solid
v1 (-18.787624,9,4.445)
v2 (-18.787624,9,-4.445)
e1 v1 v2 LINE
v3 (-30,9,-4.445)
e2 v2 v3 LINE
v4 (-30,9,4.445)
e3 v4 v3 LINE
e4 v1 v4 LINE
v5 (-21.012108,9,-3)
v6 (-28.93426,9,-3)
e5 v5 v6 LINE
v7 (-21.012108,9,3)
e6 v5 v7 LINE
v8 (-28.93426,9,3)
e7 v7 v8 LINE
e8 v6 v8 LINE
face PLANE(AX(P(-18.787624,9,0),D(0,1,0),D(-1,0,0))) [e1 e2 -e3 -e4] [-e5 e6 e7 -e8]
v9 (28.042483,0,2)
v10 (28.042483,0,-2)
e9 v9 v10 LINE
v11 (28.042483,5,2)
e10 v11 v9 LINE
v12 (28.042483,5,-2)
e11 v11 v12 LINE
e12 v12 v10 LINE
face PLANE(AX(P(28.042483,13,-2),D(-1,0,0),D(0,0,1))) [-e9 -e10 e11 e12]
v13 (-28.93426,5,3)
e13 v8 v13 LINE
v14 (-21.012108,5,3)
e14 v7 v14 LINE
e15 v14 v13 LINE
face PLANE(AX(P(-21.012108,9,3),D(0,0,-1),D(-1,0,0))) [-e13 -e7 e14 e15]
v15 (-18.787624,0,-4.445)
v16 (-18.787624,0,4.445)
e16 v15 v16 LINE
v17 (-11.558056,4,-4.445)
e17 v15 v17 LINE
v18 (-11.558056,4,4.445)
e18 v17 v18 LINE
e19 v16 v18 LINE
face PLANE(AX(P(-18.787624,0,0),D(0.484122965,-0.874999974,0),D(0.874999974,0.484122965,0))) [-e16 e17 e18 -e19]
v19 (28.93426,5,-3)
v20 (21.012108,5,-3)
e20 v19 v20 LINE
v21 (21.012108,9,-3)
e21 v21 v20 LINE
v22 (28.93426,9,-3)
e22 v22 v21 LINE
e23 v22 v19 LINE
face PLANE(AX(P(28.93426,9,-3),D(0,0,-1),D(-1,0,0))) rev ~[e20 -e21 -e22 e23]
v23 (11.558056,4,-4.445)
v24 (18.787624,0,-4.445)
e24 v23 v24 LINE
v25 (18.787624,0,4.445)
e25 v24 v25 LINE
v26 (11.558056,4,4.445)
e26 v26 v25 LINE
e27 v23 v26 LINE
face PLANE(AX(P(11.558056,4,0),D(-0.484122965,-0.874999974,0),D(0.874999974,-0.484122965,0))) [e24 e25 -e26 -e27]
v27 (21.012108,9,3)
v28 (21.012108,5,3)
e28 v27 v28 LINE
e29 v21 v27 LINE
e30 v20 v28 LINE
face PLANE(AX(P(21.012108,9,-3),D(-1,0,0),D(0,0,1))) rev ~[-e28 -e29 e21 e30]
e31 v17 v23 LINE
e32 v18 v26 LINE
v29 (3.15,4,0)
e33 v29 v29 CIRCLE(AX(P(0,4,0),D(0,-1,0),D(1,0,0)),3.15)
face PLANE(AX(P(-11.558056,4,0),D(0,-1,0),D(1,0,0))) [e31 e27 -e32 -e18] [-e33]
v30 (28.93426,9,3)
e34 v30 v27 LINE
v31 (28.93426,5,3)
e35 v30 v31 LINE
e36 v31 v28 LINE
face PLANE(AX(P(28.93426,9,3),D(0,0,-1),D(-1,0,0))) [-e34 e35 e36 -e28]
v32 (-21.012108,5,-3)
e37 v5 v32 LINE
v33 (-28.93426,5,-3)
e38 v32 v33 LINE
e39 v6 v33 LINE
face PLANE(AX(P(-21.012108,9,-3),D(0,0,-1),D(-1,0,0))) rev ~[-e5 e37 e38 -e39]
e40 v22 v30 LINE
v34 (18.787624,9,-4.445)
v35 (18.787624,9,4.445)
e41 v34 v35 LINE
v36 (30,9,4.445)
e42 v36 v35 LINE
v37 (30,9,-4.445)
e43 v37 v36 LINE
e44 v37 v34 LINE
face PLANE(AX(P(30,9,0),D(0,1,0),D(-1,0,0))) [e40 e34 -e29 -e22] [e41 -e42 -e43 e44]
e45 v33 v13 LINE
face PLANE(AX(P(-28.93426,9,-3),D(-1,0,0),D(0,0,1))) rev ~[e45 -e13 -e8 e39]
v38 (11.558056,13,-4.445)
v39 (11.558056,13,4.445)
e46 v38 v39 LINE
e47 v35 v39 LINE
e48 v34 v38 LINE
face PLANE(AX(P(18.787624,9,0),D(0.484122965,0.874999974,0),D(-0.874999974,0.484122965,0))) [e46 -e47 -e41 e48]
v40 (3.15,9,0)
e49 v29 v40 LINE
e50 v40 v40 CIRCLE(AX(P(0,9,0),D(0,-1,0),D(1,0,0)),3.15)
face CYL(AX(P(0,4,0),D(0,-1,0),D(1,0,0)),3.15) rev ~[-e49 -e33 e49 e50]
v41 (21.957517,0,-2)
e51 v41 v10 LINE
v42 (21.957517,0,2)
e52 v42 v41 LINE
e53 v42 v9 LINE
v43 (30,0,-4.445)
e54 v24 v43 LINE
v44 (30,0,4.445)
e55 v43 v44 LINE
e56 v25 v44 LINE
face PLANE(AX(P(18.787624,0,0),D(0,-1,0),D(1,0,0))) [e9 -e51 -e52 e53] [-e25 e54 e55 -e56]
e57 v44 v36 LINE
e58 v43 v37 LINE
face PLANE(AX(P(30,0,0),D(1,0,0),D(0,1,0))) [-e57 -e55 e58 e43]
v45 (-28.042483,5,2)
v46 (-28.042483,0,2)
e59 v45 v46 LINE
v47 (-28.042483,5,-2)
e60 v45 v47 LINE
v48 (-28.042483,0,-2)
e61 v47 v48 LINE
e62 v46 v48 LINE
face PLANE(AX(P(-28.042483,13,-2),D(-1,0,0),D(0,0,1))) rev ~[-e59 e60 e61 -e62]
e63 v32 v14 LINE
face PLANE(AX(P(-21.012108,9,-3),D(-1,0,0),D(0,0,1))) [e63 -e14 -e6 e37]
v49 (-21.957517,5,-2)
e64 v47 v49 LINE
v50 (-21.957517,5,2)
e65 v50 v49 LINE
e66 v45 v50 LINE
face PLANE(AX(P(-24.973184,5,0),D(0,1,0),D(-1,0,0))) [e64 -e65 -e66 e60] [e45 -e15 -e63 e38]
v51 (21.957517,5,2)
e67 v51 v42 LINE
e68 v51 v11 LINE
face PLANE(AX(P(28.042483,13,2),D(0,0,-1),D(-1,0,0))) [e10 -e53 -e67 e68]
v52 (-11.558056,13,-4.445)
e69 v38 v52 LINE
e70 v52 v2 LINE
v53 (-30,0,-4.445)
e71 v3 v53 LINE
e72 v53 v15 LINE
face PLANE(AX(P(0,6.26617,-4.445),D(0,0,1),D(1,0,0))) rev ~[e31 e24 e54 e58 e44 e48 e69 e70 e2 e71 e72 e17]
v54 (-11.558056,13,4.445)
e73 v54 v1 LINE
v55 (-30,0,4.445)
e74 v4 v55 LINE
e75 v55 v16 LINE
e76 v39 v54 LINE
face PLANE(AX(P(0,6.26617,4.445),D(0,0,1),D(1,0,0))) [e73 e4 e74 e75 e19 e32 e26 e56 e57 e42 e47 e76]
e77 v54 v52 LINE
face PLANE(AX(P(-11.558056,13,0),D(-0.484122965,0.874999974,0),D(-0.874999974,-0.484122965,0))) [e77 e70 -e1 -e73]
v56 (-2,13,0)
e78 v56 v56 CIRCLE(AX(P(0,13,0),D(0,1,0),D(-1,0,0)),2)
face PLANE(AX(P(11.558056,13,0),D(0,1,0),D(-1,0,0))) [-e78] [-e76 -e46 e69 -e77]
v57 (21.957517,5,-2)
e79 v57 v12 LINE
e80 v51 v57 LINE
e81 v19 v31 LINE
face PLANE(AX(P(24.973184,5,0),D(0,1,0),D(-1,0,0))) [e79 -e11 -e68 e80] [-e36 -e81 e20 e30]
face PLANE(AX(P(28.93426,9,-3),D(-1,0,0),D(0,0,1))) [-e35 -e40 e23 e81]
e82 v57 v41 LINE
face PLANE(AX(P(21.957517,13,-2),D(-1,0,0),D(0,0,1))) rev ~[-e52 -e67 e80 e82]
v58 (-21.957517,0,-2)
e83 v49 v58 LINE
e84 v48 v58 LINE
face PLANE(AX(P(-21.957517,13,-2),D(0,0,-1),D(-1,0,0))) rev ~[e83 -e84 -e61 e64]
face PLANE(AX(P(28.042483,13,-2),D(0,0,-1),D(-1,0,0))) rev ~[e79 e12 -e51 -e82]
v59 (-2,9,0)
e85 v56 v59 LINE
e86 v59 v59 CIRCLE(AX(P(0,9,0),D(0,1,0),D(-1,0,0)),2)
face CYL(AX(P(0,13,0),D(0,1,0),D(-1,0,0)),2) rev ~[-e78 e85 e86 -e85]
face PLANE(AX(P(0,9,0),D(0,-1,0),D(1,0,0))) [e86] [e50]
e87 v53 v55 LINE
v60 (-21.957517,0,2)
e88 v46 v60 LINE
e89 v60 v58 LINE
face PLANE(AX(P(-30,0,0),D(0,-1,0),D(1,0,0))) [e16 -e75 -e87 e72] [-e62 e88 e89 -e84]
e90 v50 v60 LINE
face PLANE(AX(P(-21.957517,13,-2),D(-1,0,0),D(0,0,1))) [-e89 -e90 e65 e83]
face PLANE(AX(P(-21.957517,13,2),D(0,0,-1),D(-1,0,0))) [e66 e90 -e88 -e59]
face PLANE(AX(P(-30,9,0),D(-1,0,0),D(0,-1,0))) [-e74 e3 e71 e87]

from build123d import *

# Parameters (mm, degrees)
F1_DEPTH = 4.445
F2_R     = 2
F2_W     = 6.084966
F2_H     = 4
F3_DEPTH = 25
F4_R     = 3.15
F5_DEPTH = 5
F6_W     = 7.922152
F6_H     = 6
F7_DEPTH = 4


with BuildPart() as f1:
    # F0 (on Top) → F1 (new body, symmetric)
    with BuildSketch(Plane.XY):
        Polygon((-30, 9), (-30, 0), (-18.787624, 0), (-11.558056, 4), (0, 4), (11.558056, 4), (18.787624, 0), (30, 0), (30, 9), (18.787624, 9), (11.558056, 13), (0, 13), (-11.558056, 13), (-18.787624, 9), align=None)
    extrude(amount=F1_DEPTH, both=True)

    # F2 (on face) → F3 (cut)
    with BuildSketch(Plane(origin=(0, 13, 0), x_dir=(-1, 0, 0), z_dir=(0, 1, 0))):
        Circle(F2_R)
        with Locations((-25, 0)):
            Rectangle(F2_W, F2_H)
        with Locations((25, 0)):
            Rectangle(F2_W, F2_H)
    extrude(amount=-F3_DEPTH, mode=Mode.SUBTRACT)

    # F4 (on face) → F5 (cut)
    with BuildSketch(Plane.XZ.offset(-4)):
        Circle(F4_R)
    extrude(amount=-F5_DEPTH, mode=Mode.SUBTRACT)

    # F6 (on face) → F7 (cut)
    with BuildSketch(Plane(origin=(0, 9, 0), x_dir=(-1, 0, 0), z_dir=(0, 1, 0))):
        with Locations((-24.973184, 0)):
            Rectangle(F6_W, F6_H)
        with Locations((24.973184, 0)):
            Rectangle(F6_W, F6_H)
    extrude(amount=-F7_DEPTH, mode=Mode.SUBTRACT)


solid = f1.part
